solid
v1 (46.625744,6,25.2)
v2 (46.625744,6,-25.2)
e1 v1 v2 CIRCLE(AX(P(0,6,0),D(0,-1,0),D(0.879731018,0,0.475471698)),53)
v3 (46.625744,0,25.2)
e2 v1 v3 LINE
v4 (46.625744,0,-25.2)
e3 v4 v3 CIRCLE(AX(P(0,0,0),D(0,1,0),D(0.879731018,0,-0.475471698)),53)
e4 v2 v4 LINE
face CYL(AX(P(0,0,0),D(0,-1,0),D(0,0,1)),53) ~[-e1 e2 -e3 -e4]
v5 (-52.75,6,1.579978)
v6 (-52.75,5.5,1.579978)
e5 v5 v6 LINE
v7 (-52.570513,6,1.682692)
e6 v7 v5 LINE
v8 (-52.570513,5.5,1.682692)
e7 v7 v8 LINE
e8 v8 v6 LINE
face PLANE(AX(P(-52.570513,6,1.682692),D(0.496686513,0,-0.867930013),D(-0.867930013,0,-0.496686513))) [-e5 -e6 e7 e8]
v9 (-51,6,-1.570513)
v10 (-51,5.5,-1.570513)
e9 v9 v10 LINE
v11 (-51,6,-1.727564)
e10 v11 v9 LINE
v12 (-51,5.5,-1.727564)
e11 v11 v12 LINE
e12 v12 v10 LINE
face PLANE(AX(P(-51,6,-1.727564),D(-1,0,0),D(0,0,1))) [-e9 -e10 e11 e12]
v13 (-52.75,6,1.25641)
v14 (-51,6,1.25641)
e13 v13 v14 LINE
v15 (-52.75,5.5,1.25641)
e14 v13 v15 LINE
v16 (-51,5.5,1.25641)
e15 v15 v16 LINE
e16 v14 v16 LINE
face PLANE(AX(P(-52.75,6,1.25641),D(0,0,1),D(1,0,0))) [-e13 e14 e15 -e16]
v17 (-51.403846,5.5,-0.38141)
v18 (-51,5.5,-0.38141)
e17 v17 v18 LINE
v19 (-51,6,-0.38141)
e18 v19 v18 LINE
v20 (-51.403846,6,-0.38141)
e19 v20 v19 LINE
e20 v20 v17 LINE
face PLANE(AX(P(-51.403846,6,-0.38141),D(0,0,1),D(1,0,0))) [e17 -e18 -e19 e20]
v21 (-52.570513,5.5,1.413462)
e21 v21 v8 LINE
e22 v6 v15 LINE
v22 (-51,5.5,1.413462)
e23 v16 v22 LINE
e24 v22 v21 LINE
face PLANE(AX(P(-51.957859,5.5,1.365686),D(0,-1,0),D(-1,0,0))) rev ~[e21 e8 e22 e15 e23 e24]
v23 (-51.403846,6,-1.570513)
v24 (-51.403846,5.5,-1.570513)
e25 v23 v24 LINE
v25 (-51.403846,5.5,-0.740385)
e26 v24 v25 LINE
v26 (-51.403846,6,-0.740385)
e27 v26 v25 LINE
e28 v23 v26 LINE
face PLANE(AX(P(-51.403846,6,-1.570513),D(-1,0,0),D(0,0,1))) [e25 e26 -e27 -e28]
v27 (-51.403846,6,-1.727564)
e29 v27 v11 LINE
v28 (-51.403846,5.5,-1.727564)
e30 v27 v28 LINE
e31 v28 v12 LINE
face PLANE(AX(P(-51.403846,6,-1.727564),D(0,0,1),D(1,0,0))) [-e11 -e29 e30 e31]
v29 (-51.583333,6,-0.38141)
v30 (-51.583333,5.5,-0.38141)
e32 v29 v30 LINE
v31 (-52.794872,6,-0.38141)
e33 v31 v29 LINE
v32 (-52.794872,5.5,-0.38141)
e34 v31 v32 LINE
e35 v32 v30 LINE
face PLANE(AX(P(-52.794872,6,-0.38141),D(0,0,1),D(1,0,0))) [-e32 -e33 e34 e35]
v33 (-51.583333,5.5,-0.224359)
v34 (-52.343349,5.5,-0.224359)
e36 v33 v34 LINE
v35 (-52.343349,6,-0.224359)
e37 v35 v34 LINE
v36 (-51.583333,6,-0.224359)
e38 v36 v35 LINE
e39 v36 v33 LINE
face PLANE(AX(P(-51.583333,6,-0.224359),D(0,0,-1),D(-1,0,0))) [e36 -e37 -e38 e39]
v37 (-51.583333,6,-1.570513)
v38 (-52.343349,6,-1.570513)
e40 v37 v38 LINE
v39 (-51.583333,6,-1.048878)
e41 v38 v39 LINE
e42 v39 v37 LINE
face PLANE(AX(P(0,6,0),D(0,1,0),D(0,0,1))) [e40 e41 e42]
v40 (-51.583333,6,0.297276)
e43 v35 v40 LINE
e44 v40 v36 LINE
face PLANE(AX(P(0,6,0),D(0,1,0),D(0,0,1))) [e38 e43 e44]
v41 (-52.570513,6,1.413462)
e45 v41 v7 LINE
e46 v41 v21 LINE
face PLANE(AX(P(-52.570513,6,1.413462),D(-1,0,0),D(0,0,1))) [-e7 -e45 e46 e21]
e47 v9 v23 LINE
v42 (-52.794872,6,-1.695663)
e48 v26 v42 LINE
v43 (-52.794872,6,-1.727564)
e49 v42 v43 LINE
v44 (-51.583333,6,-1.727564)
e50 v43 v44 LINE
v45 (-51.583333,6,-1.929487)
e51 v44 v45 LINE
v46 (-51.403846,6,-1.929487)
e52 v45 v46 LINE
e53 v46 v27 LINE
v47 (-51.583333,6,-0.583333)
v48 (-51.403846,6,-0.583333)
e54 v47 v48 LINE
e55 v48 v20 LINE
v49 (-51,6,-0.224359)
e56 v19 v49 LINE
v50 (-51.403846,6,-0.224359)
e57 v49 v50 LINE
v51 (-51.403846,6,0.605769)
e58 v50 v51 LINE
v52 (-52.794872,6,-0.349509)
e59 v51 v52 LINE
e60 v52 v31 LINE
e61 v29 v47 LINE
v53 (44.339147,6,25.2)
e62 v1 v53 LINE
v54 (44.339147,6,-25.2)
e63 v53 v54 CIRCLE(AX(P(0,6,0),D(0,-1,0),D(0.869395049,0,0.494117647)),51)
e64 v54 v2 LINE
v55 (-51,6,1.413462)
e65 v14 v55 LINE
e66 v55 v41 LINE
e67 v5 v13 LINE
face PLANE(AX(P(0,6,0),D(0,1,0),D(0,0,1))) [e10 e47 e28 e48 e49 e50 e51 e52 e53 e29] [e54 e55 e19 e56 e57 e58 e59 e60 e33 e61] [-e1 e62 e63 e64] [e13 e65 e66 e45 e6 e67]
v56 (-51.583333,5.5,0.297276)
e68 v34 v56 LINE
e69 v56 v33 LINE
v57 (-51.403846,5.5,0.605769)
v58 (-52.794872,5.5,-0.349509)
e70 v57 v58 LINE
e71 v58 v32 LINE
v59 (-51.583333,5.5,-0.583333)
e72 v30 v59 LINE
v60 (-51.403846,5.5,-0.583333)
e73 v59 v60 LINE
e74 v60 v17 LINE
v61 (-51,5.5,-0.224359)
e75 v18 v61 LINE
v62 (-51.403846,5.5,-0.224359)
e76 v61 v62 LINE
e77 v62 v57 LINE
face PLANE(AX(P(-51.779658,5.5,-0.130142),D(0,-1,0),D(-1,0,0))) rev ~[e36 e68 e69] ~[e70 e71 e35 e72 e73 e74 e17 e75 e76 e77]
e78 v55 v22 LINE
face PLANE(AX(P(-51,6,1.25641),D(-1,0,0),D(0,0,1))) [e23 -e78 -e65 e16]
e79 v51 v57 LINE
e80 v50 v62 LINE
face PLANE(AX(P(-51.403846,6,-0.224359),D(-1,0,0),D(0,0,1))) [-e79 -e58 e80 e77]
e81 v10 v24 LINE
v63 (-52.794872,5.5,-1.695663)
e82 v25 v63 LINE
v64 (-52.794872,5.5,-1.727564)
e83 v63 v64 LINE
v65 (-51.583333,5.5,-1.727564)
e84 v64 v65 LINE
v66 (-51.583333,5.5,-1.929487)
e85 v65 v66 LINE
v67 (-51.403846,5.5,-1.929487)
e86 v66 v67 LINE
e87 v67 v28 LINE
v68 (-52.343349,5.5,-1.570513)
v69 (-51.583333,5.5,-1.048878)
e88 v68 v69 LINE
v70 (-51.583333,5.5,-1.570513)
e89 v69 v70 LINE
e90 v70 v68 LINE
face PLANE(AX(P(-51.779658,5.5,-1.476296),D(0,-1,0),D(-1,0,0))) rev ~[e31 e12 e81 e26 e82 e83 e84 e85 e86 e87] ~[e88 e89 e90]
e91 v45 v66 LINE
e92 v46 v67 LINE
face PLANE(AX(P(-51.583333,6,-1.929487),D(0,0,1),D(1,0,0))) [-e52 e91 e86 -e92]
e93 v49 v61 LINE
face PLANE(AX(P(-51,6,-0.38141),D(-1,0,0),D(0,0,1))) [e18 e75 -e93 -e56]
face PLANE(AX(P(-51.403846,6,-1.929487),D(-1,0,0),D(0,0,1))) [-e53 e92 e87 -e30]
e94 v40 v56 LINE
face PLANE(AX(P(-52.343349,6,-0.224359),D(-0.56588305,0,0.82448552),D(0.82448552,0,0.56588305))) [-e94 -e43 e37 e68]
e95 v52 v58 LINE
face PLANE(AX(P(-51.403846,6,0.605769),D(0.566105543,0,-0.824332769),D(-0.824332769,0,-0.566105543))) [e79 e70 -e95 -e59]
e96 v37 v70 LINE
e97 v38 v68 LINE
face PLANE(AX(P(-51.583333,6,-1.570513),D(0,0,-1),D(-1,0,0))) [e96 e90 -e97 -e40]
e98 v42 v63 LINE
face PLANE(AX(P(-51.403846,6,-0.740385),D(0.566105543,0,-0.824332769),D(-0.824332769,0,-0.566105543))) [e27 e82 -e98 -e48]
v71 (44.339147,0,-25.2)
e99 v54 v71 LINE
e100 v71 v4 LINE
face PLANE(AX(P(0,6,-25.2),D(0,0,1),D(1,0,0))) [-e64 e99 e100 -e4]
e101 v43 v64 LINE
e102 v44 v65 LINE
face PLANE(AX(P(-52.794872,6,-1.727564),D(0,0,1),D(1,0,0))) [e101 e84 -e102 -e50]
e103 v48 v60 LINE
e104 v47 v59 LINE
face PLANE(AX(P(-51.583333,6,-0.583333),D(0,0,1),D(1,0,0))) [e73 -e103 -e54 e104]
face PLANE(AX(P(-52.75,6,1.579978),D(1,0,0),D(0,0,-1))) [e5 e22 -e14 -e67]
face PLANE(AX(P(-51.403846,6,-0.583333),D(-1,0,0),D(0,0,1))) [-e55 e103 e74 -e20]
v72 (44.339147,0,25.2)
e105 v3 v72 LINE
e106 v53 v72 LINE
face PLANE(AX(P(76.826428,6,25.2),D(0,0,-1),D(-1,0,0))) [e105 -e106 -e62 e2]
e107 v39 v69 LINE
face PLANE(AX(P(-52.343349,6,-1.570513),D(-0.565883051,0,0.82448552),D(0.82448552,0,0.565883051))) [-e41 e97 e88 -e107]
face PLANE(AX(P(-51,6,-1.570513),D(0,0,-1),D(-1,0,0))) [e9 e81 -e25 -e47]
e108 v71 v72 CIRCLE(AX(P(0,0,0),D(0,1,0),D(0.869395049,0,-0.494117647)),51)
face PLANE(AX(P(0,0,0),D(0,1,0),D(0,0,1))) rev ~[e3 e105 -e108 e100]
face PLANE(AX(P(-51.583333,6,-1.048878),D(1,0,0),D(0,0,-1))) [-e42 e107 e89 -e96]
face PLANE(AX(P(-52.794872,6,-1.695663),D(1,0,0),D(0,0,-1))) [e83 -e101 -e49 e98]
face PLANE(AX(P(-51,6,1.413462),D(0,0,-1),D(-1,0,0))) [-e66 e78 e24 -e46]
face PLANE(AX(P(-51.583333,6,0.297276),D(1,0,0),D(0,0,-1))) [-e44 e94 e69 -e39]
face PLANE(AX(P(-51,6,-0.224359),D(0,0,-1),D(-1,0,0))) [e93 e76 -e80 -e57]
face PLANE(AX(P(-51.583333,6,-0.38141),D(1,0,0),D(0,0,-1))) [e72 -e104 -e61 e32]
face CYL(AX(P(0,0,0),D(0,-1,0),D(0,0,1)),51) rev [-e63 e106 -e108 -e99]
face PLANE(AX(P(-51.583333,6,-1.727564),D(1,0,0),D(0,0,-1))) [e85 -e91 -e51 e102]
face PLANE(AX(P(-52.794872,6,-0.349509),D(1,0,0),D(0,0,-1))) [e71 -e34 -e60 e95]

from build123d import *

# Parameters (mm, degrees)
SKETCH1_R           = 53
SKETCH1_R_2         = 51
BOSS_EXTRUDE2_DEPTH = 6
CUT_EXTRUDE1_DEPTH  = 10
CUT_EXTRUDE2_DEPTH  = 0.5


with BuildPart() as part:
    # Sketch1 → Boss-Extrude2 (new body)
    with BuildSketch(Plane(origin=(0, 0, 0), x_dir=(1, 0, 0), z_dir=(0, 1, 0))):
        with Locations(Location((0, 0, 0), (0, 0, 270))):
            Circle(SKETCH1_R)
        with Locations(Location((0, 0, 0), (0, 0, 270))):
            Circle(SKETCH1_R_2, mode=Mode.SUBTRACT)
    extrude(amount=BOSS_EXTRUDE2_DEPTH)

    # Sketch2 → Cut-Extrude1 (cut)
    with BuildSketch(Plane(origin=(0, 6, 0), x_dir=(1, 0, 0), z_dir=(0, 1, 0))):
        Polygon((0, 0), (0, 25.2), (76.826427625, 25.2), (76.826427625, -25.2), (0, -25.2), align=None)
    extrude(amount=-CUT_EXTRUDE1_DEPTH, mode=Mode.SUBTRACT)

    # Sketch3 → Cut-Extrude2 (cut)
    # profile 1 of 3: a face of its own
    with BuildSketch(Plane(origin=(0, 6, 0), x_dir=(1, 0, 0), z_dir=(0, 1, 0))):
        Polygon((-52.794871795, 1.695663061), (-52.794871795, 1.727564103), (-51.583333333, 1.727564103), (-51.583333333, 1.929487179), (-51.403846154, 1.929487179), (-51.403846154, 1.727564103), (-51, 1.727564103), (-51, 1.570512821), (-51.403846154, 1.570512821), (-51.403846154, 0.740384615), align=None)
        Polygon((-51.583333333, 1.570512821), (-52.343349359, 1.570512821), (-51.583333333, 1.048878205), align=None, mode=Mode.SUBTRACT)
    # profile 2 of 3: a face of its own
    with BuildSketch(Plane(origin=(0, 6, 0), x_dir=(1, 0, 0), z_dir=(0, 1, 0))):
        Polygon((-52.794871795, 0.349509215), (-52.794871795, 0.381410256), (-51.583333333, 0.381410256), (-51.583333333, 0.583333333), (-51.403846154, 0.583333333), (-51.403846154, 0.381410256), (-51, 0.381410256), (-51, 0.224358974), (-51.403846154, 0.224358974), (-51.403846154, -0.605769231), align=None)
        Polygon((-51.583333333, 0.224358974), (-52.343349359, 0.224358974), (-51.583333333, -0.297275641), align=None, mode=Mode.SUBTRACT)
    # profile 3 of 3: a face of its own
    with BuildSketch(Plane(origin=(0, 6, 0), x_dir=(1, 0, 0), z_dir=(0, 1, 0))):
        Polygon((-52.75, -1.579977965), (-52.75, -1.256410256), (-51, -1.256410256), (-51, -1.413461538), (-52.570512821, -1.413461538), (-52.570512821, -1.682692308), align=None)
    extrude(amount=-CUT_EXTRUDE2_DEPTH, mode=Mode.SUBTRACT)


solid = part.part
